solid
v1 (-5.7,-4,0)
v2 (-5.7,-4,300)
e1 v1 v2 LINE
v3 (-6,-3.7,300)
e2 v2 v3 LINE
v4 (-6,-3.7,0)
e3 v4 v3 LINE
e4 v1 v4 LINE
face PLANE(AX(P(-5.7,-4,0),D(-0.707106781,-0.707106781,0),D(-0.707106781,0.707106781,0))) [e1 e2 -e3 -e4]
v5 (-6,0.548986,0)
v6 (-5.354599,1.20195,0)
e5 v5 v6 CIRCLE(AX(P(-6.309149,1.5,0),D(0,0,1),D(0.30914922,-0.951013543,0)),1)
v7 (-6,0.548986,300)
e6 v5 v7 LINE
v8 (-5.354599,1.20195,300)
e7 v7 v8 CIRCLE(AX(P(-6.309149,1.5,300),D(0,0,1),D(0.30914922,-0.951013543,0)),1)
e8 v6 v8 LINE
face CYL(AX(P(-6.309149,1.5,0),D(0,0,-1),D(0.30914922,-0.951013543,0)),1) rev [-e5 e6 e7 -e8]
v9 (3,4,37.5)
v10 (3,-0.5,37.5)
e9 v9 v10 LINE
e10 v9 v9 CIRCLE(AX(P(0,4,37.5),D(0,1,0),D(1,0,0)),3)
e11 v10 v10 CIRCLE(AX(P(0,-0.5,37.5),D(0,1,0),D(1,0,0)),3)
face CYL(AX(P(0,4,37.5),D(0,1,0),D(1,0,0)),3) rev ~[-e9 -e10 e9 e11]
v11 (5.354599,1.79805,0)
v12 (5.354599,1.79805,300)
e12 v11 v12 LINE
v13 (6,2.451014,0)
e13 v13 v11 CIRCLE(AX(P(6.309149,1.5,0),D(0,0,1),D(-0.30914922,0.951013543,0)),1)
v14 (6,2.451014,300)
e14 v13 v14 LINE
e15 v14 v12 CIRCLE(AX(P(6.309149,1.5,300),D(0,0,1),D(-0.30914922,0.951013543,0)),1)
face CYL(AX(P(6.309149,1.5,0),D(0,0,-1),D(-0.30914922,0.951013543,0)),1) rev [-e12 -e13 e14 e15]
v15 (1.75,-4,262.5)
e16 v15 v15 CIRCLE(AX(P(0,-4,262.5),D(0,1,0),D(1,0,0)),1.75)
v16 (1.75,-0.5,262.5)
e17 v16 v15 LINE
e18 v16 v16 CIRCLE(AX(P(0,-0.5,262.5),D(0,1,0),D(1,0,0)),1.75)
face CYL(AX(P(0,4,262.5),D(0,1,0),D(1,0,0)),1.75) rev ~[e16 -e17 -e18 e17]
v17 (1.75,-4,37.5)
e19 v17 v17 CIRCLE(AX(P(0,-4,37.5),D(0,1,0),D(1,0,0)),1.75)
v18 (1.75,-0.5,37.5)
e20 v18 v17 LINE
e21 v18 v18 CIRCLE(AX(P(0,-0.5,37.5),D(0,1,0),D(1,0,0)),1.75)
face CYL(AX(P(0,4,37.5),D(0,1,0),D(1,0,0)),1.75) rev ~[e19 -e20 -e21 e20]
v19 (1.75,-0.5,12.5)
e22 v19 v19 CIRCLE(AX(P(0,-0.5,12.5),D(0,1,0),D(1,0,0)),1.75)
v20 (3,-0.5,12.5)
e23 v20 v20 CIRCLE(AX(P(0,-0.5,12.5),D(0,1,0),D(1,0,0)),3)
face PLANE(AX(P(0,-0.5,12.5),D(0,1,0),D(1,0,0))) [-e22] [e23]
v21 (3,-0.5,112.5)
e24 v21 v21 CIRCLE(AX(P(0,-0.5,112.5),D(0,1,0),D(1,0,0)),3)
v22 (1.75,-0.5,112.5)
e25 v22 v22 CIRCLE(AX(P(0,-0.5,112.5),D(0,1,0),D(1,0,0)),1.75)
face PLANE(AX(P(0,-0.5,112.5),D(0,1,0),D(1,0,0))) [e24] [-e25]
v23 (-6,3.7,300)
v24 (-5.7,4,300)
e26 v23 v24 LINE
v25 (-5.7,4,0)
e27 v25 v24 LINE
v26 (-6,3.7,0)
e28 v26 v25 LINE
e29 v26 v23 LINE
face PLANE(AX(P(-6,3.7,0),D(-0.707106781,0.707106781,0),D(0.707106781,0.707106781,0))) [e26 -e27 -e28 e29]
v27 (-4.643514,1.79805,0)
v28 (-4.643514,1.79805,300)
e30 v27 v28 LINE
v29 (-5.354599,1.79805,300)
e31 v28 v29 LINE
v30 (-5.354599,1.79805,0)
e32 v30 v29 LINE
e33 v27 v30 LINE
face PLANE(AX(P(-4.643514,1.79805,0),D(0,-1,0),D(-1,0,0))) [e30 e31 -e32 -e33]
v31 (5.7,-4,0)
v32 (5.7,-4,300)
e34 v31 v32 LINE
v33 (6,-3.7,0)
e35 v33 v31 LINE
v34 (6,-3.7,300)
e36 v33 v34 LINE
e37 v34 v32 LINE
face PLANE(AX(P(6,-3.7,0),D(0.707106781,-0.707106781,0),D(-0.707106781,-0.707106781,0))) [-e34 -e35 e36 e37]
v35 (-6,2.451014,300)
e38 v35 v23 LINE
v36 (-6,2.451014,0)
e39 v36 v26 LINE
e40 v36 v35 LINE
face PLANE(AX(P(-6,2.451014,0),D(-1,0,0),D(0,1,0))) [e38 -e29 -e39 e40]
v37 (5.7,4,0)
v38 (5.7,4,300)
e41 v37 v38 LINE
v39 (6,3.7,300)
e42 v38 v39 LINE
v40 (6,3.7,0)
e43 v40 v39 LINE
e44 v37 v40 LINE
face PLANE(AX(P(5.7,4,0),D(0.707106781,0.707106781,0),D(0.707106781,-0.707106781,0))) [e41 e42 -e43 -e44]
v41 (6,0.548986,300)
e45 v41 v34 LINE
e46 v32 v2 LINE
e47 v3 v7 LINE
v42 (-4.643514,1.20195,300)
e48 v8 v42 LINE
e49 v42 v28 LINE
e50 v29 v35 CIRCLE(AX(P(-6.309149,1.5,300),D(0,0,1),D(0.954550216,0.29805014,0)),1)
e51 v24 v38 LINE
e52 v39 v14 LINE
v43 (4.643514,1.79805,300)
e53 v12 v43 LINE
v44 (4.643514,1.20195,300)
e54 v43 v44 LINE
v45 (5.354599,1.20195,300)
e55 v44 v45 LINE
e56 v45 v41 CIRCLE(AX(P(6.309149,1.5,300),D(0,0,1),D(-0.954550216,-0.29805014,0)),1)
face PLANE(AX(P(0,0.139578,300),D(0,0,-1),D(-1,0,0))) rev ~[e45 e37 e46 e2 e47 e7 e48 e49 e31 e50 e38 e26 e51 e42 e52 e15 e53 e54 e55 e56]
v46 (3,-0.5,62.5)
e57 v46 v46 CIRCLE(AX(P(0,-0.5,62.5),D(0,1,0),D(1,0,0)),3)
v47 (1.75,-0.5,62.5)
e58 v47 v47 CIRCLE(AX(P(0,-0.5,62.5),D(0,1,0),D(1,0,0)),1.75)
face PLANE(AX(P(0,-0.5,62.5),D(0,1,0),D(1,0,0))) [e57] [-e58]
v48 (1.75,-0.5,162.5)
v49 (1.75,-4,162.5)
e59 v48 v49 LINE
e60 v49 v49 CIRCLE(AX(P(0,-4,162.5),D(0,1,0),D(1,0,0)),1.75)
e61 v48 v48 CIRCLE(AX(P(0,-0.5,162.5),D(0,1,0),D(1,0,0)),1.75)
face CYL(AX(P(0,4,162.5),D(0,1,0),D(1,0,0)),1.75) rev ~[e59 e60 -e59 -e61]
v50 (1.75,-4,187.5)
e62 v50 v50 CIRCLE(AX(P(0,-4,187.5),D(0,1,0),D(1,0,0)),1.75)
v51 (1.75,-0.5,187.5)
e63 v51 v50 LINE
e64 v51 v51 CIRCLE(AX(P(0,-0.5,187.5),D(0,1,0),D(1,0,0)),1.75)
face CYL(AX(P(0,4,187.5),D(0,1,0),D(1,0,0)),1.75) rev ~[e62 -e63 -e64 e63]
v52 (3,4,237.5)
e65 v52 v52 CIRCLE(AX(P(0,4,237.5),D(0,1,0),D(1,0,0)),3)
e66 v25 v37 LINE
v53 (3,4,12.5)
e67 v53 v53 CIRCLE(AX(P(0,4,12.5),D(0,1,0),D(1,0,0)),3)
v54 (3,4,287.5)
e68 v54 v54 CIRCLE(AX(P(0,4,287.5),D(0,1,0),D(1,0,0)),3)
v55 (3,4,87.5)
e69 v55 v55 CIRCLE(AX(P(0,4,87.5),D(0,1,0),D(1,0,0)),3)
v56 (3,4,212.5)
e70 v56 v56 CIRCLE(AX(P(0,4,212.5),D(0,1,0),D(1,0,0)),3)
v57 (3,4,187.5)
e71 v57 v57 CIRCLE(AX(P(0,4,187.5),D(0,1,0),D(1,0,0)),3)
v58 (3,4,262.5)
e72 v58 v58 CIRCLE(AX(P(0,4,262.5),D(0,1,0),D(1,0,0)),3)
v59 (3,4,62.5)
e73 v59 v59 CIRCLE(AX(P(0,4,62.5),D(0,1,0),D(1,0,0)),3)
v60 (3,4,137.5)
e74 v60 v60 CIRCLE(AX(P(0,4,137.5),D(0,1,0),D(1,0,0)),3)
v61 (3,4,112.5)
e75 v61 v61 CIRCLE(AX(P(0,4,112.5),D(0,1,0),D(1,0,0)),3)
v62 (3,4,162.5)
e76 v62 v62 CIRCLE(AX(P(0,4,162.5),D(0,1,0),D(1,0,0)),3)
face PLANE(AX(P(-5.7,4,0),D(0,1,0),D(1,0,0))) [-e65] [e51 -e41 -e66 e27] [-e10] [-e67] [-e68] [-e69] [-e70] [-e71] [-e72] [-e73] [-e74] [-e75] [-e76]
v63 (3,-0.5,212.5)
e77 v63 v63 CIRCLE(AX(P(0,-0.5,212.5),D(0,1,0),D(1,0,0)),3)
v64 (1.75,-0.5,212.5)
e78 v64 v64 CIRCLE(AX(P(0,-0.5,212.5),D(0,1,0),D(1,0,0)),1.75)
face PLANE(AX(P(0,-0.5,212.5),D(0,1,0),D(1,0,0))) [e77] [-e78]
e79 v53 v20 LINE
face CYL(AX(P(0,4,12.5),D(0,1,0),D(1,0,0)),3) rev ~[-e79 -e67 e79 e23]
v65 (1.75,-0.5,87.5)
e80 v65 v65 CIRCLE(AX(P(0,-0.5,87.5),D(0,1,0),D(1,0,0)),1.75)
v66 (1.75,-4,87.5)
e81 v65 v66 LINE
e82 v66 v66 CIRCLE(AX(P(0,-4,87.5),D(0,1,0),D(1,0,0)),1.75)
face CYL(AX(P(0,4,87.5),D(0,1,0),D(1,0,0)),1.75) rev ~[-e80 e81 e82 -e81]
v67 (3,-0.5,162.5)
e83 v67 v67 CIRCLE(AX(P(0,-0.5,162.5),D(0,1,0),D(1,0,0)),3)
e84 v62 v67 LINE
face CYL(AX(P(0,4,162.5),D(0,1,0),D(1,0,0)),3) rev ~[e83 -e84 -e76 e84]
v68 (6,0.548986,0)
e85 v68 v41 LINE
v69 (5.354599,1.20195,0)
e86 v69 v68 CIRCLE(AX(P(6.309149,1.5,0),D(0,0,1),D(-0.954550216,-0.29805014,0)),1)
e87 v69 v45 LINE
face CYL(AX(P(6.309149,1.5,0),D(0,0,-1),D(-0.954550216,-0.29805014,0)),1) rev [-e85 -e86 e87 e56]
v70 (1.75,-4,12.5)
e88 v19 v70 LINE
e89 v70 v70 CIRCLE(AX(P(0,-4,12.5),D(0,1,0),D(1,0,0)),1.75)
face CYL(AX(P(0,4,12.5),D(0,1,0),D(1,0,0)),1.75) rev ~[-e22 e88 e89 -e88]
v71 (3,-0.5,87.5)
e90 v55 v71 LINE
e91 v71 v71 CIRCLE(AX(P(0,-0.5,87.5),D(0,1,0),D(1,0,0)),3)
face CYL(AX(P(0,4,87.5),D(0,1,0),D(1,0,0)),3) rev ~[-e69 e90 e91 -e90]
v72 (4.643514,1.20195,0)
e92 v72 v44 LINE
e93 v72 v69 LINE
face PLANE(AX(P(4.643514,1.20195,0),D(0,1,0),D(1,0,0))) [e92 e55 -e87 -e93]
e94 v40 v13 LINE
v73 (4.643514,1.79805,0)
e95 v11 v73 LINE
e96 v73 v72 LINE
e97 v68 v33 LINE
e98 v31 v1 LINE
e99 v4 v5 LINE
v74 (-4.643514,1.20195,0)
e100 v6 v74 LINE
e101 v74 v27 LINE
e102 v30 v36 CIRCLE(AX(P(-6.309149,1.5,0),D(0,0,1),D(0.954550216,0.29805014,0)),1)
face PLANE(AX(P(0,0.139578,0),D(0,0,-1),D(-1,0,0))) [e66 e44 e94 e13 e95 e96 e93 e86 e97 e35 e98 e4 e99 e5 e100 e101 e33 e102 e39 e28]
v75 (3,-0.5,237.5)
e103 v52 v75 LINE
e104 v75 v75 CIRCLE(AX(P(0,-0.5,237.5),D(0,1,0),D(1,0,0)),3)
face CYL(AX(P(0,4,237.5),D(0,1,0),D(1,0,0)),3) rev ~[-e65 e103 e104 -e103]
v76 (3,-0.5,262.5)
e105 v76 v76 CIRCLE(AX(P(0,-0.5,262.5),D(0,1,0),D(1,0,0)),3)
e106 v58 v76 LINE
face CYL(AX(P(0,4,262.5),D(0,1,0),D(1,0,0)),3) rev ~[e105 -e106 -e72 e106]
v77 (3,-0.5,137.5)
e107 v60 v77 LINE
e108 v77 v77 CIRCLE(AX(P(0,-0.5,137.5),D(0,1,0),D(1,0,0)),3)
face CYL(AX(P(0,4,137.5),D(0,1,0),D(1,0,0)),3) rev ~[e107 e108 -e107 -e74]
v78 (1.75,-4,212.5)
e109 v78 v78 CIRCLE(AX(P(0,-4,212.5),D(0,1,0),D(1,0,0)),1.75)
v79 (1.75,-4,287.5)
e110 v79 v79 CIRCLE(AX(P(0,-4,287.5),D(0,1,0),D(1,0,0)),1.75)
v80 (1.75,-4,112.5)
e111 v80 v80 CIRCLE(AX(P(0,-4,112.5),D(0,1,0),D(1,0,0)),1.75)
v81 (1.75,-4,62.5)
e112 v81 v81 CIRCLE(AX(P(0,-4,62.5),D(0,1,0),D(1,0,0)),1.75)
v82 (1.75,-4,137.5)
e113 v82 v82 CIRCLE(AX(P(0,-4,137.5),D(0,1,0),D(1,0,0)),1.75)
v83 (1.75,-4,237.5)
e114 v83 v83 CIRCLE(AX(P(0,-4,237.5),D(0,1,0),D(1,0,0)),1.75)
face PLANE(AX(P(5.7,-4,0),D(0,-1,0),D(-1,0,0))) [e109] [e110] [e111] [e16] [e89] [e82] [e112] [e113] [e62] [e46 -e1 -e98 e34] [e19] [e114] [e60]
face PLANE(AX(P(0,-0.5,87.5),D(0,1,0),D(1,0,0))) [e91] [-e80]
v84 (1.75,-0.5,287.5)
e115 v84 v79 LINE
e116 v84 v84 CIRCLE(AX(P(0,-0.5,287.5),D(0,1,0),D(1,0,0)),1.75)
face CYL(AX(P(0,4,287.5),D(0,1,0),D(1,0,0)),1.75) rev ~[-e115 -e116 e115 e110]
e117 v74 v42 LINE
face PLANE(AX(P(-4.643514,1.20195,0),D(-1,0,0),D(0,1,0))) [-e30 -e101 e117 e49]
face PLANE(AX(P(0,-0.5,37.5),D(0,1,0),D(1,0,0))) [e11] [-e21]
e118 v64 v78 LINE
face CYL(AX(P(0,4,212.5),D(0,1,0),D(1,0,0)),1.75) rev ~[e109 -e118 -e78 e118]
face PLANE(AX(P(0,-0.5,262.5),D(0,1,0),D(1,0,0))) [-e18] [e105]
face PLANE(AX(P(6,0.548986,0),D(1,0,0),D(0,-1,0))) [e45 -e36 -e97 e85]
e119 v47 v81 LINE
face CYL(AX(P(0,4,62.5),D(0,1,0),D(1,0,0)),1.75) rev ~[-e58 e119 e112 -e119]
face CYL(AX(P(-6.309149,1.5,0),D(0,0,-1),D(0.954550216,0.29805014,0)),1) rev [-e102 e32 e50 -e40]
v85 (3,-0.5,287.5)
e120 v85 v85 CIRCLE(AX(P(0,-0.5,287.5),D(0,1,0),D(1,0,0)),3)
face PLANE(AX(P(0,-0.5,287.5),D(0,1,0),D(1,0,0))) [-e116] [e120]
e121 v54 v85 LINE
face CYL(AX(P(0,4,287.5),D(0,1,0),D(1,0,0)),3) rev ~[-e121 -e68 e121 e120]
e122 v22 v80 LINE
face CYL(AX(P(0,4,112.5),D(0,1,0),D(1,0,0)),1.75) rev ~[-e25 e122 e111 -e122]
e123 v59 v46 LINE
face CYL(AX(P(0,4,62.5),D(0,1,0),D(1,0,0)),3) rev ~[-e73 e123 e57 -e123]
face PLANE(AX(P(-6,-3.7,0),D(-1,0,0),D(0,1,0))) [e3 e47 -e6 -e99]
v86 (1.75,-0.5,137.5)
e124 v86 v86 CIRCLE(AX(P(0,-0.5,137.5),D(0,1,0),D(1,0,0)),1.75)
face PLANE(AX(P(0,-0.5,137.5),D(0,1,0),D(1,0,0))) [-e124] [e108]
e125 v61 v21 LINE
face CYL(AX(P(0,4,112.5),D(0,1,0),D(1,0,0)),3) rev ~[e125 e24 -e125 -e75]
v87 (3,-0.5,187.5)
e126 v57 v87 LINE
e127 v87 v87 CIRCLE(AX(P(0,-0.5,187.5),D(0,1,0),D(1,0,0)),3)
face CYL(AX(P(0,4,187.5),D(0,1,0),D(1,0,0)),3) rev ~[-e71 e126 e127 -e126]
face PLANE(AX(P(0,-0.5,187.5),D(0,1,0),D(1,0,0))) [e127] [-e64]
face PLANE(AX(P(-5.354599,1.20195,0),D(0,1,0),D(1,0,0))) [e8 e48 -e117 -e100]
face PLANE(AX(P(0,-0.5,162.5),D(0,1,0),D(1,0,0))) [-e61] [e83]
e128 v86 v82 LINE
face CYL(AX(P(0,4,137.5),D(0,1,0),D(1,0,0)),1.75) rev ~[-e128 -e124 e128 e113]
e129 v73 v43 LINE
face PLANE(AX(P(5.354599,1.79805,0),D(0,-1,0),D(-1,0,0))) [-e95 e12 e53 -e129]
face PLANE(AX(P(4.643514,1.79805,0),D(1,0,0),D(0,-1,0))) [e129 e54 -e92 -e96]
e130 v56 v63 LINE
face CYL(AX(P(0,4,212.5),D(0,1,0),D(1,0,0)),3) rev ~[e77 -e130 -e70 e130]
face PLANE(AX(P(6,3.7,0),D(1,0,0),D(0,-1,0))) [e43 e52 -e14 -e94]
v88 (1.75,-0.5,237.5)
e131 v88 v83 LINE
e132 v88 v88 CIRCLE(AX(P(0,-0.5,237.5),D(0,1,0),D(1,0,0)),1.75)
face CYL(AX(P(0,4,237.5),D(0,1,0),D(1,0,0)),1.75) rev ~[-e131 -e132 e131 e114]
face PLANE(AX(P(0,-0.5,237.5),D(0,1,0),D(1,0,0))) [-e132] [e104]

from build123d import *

# Parameters (mm, degrees)
EXTRUDE_1_DEPTH        = 300
SKETCH_2_R             = 3
SKETCH_2_R_2           = 1.75
CUT_EXTRUDE_1_DEPTH    = 4.5
SKETCH_2_2_R           = 1.75
CUT_EXTRUDE_2_DEPTH    = 9
PATTERN_LINEAR_1_COUNT = 12
PATTERN_LINEAR_1_PITCH = 25


with BuildPart() as part:
    # Sketch 1 → Extrude 1 (new body)
    with BuildSketch(Plane.XY):
        with BuildLine():
            Line((-6, 3.7), (-5.7, 4))
            Line((-5.7, 4), (5.7, 4))
            Line((5.7, 4), (6, 3.7))
            Line((6, 3.7), (6, 2.451013544))
            ThreePointArc((6, 2.451013544), (5.597935912, 2.202976267), (5.354599002, 1.798050138))
            Line((5.354599002, 1.798050138), (4.643514056, 1.798050138))
            Line((4.643514056, 1.798050138), (4.643514056, 1.201949862))
            Line((4.643514056, 1.201949862), (5.354599002, 1.201949862))
            ThreePointArc((5.354599002, 1.201949862), (5.597935912, 0.797023733), (6, 0.548986456))
            Line((6, 0.548986456), (6, -3.7))
            Line((6, -3.7), (5.7, -4))
            Line((5.7, -4), (-5.7, -4))
            Line((-5.7, -4), (-6, -3.7))
            Line((-6, -3.7), (-6, 0.548986456))
            ThreePointArc((-6, 0.548986456), (-5.597935912, 0.797023733), (-5.354599002, 1.201949862))
            Line((-5.354599002, 1.201949862), (-4.643514056, 1.201949862))
            Line((-4.643514056, 1.201949862), (-4.643514056, 1.798050138))
            Line((-4.643514056, 1.798050138), (-5.354599002, 1.798050138))
            ThreePointArc((-5.354599002, 1.798050138), (-5.597935912, 2.202976267), (-6, 2.451013544))
            Line((-6, 2.451013544), (-6, 3.7))
        make_face()
    extrude(amount=EXTRUDE_1_DEPTH)

    # Sketch 2 → Cut-Extrude 1 (cut)
    with BuildSketch(Plane(origin=(0, 4, 0), x_dir=(1, 0, 0), z_dir=(0, 1, 0))):
        with Locations((0, -12.5)):
            Circle(SKETCH_2_R)
        with Locations((0, -12.5)):
            Circle(SKETCH_2_R_2, mode=Mode.SUBTRACT)
    cut_extrude_1 = extrude(amount=-CUT_EXTRUDE_1_DEPTH, mode=Mode.SUBTRACT)

    # Sketch 2_2 → Cut-Extrude 2 (cut, through all)
    with BuildSketch(Plane(origin=(0, 4, 0), x_dir=(1, 0, 0), z_dir=(0, 1, 0))):
        with Locations((0, -12.5)):
            Circle(SKETCH_2_2_R)
    cut_extrude_2 = extrude(amount=-CUT_EXTRUDE_2_DEPTH, mode=Mode.SUBTRACT)

    # Pattern Linear 1: Cut-Extrude 1, Cut-Extrude 2 ×12
    with Locations(*[(0, 0, i * PATTERN_LINEAR_1_PITCH) for i in range(1, PATTERN_LINEAR_1_COUNT)]):
        add(cut_extrude_1, mode=Mode.SUBTRACT)
        add(cut_extrude_2, mode=Mode.SUBTRACT)


solid = part.part
